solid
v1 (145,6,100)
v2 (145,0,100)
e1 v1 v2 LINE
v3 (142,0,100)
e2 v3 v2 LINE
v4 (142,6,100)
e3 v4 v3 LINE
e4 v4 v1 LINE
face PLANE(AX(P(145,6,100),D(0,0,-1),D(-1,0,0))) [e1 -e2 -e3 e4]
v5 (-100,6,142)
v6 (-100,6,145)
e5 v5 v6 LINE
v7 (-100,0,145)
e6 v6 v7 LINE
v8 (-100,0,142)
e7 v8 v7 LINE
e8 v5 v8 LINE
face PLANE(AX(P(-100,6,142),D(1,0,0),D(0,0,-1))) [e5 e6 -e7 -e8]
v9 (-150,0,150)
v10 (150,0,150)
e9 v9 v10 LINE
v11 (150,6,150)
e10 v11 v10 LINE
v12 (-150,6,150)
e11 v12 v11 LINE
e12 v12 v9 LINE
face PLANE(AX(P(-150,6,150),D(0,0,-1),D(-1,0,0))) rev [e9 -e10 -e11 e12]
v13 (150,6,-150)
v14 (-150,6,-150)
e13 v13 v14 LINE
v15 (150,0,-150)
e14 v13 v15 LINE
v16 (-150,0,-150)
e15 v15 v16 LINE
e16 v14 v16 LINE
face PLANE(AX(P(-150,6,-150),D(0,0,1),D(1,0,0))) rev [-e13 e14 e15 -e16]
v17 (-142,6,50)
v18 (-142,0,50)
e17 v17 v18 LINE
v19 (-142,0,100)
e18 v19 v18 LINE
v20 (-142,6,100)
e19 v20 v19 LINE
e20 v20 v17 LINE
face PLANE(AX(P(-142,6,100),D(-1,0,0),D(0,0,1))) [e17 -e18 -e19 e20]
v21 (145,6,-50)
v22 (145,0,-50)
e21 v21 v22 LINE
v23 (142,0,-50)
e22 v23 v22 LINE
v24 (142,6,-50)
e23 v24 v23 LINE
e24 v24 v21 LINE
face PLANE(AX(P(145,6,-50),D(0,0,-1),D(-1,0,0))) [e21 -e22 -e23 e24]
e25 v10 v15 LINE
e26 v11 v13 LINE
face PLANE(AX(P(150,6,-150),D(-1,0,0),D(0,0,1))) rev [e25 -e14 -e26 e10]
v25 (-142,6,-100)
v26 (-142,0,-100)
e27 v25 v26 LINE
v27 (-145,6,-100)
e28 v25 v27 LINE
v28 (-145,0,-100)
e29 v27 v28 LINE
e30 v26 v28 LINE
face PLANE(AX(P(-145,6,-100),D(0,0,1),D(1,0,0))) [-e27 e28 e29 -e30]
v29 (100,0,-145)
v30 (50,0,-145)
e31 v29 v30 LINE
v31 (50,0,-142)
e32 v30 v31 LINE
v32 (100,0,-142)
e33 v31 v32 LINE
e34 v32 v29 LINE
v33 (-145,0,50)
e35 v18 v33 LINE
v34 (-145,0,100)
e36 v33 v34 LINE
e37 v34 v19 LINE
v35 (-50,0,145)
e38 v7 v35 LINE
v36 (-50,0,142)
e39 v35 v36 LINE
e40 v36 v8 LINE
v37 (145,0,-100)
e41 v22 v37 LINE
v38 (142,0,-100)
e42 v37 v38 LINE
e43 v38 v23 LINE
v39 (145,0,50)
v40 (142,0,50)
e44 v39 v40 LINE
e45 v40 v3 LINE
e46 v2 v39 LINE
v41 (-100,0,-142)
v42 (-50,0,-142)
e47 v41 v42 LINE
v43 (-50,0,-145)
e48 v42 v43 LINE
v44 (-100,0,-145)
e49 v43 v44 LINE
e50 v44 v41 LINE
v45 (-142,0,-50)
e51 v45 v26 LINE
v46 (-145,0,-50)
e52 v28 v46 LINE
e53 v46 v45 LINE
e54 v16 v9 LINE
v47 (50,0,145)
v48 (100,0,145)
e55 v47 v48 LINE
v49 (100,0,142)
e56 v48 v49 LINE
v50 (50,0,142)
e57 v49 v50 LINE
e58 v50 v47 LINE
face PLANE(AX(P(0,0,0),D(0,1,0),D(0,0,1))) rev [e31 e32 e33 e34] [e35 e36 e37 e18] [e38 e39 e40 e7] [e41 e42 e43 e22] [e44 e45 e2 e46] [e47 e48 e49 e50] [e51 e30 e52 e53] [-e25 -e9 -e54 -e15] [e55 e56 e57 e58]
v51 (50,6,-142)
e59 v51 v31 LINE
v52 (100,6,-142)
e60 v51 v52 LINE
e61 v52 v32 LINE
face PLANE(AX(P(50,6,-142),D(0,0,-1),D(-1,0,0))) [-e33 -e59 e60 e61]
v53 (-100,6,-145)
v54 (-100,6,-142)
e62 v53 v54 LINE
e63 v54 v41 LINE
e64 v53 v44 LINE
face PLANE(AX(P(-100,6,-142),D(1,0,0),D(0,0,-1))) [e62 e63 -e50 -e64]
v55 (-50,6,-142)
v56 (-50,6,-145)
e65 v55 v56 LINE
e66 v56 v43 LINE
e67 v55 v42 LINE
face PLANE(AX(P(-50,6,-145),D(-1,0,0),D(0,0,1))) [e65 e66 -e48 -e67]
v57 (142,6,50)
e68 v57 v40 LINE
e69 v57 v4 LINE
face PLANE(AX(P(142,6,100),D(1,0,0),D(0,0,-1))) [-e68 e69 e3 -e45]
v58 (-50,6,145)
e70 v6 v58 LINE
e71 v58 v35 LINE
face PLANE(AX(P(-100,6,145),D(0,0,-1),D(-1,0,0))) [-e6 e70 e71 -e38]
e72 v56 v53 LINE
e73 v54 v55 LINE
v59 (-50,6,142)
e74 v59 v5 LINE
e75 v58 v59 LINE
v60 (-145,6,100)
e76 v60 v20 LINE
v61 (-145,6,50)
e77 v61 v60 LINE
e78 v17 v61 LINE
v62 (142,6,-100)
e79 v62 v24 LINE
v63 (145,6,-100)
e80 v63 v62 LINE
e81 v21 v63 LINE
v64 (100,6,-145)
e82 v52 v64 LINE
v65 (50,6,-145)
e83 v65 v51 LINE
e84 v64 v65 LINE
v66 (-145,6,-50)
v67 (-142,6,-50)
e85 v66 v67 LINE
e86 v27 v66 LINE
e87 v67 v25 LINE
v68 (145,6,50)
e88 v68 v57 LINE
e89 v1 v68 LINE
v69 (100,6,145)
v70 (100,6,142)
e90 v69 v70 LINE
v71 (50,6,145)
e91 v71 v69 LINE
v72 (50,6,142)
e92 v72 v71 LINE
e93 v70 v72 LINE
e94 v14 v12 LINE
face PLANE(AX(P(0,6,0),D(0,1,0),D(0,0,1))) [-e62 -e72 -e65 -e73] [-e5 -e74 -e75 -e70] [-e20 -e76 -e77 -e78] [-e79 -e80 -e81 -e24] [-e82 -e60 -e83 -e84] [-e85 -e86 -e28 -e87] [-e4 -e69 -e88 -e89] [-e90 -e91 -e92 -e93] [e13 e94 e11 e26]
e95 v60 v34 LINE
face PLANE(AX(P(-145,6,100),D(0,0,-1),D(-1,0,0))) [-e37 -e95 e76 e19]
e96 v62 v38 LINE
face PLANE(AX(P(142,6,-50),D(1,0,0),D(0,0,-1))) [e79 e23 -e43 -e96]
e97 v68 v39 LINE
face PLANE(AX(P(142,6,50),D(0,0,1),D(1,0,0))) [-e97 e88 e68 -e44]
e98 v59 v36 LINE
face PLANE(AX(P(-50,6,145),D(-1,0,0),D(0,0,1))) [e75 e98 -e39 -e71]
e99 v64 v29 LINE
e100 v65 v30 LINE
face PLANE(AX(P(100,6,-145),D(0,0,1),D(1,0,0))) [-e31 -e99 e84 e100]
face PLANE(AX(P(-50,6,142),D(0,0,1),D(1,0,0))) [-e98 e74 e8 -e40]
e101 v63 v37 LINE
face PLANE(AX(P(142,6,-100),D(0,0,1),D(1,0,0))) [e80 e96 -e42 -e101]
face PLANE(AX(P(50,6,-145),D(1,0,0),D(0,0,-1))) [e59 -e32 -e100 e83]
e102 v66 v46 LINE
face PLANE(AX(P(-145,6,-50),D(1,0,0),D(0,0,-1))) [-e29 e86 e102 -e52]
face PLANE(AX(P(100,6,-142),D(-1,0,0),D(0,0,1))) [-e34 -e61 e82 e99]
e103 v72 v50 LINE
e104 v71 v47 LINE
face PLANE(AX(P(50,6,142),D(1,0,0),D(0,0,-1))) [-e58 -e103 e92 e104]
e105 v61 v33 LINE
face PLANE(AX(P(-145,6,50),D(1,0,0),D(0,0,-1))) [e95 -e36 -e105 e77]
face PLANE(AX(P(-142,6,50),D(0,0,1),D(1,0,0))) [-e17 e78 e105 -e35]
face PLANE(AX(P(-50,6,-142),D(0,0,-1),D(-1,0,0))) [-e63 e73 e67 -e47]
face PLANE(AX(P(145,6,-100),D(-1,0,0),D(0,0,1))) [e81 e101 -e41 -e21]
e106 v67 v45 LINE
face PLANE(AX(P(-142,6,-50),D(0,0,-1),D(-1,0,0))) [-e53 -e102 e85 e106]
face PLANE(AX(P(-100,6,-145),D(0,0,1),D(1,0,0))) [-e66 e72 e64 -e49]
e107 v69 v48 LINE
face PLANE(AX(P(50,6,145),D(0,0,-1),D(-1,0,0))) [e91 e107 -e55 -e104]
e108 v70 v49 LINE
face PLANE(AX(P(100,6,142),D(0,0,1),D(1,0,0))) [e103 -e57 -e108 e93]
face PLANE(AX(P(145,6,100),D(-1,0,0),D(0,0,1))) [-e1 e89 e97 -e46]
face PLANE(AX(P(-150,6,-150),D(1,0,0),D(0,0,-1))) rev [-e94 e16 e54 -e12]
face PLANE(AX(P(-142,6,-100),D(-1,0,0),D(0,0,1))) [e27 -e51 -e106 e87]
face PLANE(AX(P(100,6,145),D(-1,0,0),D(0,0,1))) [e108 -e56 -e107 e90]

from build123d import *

# Parameters (mm, degrees)
SKETCH1_W           = 300
SKETCH1_H           = 300
SKETCH1_W_2         = 50
SKETCH1_H_2         = 3
SKETCH1_W_3         = 3
SKETCH1_H_3         = 50
BOSS_EXTRUDE1_DEPTH = 6


with BuildPart() as part:
    # Sketch1 → Boss-Extrude1 (new body)
    with BuildSketch(Plane(origin=(0, 0, 0), x_dir=(1, 0, 0), z_dir=(0, 1, 0))):
        Rectangle(SKETCH1_W, SKETCH1_H)
        with Locations((-75, 143.5)):
            Rectangle(SKETCH1_W_2, SKETCH1_H_2, mode=Mode.SUBTRACT)
        with Locations((75, 143.5)):
            Rectangle(SKETCH1_W_2, SKETCH1_H_2, mode=Mode.SUBTRACT)
        with Locations((143.5, -75)):
            Rectangle(SKETCH1_W_3, SKETCH1_H_3, mode=Mode.SUBTRACT)
        with Locations((143.5, 75)):
            Rectangle(SKETCH1_W_3, SKETCH1_H_3, mode=Mode.SUBTRACT)
        with Locations((75, -143.5)):
            Rectangle(SKETCH1_W_2, SKETCH1_H_2, mode=Mode.SUBTRACT)
        with Locations((-75, -143.5)):
            Rectangle(SKETCH1_W_2, SKETCH1_H_2, mode=Mode.SUBTRACT)
        with Locations((-143.5, 75)):
            Rectangle(SKETCH1_W_3, SKETCH1_H_3, mode=Mode.SUBTRACT)
        with Locations((-143.5, -75)):
            Rectangle(SKETCH1_W_3, SKETCH1_H_3, mode=Mode.SUBTRACT)
    extrude(amount=BOSS_EXTRUDE1_DEPTH)


solid = part.part
